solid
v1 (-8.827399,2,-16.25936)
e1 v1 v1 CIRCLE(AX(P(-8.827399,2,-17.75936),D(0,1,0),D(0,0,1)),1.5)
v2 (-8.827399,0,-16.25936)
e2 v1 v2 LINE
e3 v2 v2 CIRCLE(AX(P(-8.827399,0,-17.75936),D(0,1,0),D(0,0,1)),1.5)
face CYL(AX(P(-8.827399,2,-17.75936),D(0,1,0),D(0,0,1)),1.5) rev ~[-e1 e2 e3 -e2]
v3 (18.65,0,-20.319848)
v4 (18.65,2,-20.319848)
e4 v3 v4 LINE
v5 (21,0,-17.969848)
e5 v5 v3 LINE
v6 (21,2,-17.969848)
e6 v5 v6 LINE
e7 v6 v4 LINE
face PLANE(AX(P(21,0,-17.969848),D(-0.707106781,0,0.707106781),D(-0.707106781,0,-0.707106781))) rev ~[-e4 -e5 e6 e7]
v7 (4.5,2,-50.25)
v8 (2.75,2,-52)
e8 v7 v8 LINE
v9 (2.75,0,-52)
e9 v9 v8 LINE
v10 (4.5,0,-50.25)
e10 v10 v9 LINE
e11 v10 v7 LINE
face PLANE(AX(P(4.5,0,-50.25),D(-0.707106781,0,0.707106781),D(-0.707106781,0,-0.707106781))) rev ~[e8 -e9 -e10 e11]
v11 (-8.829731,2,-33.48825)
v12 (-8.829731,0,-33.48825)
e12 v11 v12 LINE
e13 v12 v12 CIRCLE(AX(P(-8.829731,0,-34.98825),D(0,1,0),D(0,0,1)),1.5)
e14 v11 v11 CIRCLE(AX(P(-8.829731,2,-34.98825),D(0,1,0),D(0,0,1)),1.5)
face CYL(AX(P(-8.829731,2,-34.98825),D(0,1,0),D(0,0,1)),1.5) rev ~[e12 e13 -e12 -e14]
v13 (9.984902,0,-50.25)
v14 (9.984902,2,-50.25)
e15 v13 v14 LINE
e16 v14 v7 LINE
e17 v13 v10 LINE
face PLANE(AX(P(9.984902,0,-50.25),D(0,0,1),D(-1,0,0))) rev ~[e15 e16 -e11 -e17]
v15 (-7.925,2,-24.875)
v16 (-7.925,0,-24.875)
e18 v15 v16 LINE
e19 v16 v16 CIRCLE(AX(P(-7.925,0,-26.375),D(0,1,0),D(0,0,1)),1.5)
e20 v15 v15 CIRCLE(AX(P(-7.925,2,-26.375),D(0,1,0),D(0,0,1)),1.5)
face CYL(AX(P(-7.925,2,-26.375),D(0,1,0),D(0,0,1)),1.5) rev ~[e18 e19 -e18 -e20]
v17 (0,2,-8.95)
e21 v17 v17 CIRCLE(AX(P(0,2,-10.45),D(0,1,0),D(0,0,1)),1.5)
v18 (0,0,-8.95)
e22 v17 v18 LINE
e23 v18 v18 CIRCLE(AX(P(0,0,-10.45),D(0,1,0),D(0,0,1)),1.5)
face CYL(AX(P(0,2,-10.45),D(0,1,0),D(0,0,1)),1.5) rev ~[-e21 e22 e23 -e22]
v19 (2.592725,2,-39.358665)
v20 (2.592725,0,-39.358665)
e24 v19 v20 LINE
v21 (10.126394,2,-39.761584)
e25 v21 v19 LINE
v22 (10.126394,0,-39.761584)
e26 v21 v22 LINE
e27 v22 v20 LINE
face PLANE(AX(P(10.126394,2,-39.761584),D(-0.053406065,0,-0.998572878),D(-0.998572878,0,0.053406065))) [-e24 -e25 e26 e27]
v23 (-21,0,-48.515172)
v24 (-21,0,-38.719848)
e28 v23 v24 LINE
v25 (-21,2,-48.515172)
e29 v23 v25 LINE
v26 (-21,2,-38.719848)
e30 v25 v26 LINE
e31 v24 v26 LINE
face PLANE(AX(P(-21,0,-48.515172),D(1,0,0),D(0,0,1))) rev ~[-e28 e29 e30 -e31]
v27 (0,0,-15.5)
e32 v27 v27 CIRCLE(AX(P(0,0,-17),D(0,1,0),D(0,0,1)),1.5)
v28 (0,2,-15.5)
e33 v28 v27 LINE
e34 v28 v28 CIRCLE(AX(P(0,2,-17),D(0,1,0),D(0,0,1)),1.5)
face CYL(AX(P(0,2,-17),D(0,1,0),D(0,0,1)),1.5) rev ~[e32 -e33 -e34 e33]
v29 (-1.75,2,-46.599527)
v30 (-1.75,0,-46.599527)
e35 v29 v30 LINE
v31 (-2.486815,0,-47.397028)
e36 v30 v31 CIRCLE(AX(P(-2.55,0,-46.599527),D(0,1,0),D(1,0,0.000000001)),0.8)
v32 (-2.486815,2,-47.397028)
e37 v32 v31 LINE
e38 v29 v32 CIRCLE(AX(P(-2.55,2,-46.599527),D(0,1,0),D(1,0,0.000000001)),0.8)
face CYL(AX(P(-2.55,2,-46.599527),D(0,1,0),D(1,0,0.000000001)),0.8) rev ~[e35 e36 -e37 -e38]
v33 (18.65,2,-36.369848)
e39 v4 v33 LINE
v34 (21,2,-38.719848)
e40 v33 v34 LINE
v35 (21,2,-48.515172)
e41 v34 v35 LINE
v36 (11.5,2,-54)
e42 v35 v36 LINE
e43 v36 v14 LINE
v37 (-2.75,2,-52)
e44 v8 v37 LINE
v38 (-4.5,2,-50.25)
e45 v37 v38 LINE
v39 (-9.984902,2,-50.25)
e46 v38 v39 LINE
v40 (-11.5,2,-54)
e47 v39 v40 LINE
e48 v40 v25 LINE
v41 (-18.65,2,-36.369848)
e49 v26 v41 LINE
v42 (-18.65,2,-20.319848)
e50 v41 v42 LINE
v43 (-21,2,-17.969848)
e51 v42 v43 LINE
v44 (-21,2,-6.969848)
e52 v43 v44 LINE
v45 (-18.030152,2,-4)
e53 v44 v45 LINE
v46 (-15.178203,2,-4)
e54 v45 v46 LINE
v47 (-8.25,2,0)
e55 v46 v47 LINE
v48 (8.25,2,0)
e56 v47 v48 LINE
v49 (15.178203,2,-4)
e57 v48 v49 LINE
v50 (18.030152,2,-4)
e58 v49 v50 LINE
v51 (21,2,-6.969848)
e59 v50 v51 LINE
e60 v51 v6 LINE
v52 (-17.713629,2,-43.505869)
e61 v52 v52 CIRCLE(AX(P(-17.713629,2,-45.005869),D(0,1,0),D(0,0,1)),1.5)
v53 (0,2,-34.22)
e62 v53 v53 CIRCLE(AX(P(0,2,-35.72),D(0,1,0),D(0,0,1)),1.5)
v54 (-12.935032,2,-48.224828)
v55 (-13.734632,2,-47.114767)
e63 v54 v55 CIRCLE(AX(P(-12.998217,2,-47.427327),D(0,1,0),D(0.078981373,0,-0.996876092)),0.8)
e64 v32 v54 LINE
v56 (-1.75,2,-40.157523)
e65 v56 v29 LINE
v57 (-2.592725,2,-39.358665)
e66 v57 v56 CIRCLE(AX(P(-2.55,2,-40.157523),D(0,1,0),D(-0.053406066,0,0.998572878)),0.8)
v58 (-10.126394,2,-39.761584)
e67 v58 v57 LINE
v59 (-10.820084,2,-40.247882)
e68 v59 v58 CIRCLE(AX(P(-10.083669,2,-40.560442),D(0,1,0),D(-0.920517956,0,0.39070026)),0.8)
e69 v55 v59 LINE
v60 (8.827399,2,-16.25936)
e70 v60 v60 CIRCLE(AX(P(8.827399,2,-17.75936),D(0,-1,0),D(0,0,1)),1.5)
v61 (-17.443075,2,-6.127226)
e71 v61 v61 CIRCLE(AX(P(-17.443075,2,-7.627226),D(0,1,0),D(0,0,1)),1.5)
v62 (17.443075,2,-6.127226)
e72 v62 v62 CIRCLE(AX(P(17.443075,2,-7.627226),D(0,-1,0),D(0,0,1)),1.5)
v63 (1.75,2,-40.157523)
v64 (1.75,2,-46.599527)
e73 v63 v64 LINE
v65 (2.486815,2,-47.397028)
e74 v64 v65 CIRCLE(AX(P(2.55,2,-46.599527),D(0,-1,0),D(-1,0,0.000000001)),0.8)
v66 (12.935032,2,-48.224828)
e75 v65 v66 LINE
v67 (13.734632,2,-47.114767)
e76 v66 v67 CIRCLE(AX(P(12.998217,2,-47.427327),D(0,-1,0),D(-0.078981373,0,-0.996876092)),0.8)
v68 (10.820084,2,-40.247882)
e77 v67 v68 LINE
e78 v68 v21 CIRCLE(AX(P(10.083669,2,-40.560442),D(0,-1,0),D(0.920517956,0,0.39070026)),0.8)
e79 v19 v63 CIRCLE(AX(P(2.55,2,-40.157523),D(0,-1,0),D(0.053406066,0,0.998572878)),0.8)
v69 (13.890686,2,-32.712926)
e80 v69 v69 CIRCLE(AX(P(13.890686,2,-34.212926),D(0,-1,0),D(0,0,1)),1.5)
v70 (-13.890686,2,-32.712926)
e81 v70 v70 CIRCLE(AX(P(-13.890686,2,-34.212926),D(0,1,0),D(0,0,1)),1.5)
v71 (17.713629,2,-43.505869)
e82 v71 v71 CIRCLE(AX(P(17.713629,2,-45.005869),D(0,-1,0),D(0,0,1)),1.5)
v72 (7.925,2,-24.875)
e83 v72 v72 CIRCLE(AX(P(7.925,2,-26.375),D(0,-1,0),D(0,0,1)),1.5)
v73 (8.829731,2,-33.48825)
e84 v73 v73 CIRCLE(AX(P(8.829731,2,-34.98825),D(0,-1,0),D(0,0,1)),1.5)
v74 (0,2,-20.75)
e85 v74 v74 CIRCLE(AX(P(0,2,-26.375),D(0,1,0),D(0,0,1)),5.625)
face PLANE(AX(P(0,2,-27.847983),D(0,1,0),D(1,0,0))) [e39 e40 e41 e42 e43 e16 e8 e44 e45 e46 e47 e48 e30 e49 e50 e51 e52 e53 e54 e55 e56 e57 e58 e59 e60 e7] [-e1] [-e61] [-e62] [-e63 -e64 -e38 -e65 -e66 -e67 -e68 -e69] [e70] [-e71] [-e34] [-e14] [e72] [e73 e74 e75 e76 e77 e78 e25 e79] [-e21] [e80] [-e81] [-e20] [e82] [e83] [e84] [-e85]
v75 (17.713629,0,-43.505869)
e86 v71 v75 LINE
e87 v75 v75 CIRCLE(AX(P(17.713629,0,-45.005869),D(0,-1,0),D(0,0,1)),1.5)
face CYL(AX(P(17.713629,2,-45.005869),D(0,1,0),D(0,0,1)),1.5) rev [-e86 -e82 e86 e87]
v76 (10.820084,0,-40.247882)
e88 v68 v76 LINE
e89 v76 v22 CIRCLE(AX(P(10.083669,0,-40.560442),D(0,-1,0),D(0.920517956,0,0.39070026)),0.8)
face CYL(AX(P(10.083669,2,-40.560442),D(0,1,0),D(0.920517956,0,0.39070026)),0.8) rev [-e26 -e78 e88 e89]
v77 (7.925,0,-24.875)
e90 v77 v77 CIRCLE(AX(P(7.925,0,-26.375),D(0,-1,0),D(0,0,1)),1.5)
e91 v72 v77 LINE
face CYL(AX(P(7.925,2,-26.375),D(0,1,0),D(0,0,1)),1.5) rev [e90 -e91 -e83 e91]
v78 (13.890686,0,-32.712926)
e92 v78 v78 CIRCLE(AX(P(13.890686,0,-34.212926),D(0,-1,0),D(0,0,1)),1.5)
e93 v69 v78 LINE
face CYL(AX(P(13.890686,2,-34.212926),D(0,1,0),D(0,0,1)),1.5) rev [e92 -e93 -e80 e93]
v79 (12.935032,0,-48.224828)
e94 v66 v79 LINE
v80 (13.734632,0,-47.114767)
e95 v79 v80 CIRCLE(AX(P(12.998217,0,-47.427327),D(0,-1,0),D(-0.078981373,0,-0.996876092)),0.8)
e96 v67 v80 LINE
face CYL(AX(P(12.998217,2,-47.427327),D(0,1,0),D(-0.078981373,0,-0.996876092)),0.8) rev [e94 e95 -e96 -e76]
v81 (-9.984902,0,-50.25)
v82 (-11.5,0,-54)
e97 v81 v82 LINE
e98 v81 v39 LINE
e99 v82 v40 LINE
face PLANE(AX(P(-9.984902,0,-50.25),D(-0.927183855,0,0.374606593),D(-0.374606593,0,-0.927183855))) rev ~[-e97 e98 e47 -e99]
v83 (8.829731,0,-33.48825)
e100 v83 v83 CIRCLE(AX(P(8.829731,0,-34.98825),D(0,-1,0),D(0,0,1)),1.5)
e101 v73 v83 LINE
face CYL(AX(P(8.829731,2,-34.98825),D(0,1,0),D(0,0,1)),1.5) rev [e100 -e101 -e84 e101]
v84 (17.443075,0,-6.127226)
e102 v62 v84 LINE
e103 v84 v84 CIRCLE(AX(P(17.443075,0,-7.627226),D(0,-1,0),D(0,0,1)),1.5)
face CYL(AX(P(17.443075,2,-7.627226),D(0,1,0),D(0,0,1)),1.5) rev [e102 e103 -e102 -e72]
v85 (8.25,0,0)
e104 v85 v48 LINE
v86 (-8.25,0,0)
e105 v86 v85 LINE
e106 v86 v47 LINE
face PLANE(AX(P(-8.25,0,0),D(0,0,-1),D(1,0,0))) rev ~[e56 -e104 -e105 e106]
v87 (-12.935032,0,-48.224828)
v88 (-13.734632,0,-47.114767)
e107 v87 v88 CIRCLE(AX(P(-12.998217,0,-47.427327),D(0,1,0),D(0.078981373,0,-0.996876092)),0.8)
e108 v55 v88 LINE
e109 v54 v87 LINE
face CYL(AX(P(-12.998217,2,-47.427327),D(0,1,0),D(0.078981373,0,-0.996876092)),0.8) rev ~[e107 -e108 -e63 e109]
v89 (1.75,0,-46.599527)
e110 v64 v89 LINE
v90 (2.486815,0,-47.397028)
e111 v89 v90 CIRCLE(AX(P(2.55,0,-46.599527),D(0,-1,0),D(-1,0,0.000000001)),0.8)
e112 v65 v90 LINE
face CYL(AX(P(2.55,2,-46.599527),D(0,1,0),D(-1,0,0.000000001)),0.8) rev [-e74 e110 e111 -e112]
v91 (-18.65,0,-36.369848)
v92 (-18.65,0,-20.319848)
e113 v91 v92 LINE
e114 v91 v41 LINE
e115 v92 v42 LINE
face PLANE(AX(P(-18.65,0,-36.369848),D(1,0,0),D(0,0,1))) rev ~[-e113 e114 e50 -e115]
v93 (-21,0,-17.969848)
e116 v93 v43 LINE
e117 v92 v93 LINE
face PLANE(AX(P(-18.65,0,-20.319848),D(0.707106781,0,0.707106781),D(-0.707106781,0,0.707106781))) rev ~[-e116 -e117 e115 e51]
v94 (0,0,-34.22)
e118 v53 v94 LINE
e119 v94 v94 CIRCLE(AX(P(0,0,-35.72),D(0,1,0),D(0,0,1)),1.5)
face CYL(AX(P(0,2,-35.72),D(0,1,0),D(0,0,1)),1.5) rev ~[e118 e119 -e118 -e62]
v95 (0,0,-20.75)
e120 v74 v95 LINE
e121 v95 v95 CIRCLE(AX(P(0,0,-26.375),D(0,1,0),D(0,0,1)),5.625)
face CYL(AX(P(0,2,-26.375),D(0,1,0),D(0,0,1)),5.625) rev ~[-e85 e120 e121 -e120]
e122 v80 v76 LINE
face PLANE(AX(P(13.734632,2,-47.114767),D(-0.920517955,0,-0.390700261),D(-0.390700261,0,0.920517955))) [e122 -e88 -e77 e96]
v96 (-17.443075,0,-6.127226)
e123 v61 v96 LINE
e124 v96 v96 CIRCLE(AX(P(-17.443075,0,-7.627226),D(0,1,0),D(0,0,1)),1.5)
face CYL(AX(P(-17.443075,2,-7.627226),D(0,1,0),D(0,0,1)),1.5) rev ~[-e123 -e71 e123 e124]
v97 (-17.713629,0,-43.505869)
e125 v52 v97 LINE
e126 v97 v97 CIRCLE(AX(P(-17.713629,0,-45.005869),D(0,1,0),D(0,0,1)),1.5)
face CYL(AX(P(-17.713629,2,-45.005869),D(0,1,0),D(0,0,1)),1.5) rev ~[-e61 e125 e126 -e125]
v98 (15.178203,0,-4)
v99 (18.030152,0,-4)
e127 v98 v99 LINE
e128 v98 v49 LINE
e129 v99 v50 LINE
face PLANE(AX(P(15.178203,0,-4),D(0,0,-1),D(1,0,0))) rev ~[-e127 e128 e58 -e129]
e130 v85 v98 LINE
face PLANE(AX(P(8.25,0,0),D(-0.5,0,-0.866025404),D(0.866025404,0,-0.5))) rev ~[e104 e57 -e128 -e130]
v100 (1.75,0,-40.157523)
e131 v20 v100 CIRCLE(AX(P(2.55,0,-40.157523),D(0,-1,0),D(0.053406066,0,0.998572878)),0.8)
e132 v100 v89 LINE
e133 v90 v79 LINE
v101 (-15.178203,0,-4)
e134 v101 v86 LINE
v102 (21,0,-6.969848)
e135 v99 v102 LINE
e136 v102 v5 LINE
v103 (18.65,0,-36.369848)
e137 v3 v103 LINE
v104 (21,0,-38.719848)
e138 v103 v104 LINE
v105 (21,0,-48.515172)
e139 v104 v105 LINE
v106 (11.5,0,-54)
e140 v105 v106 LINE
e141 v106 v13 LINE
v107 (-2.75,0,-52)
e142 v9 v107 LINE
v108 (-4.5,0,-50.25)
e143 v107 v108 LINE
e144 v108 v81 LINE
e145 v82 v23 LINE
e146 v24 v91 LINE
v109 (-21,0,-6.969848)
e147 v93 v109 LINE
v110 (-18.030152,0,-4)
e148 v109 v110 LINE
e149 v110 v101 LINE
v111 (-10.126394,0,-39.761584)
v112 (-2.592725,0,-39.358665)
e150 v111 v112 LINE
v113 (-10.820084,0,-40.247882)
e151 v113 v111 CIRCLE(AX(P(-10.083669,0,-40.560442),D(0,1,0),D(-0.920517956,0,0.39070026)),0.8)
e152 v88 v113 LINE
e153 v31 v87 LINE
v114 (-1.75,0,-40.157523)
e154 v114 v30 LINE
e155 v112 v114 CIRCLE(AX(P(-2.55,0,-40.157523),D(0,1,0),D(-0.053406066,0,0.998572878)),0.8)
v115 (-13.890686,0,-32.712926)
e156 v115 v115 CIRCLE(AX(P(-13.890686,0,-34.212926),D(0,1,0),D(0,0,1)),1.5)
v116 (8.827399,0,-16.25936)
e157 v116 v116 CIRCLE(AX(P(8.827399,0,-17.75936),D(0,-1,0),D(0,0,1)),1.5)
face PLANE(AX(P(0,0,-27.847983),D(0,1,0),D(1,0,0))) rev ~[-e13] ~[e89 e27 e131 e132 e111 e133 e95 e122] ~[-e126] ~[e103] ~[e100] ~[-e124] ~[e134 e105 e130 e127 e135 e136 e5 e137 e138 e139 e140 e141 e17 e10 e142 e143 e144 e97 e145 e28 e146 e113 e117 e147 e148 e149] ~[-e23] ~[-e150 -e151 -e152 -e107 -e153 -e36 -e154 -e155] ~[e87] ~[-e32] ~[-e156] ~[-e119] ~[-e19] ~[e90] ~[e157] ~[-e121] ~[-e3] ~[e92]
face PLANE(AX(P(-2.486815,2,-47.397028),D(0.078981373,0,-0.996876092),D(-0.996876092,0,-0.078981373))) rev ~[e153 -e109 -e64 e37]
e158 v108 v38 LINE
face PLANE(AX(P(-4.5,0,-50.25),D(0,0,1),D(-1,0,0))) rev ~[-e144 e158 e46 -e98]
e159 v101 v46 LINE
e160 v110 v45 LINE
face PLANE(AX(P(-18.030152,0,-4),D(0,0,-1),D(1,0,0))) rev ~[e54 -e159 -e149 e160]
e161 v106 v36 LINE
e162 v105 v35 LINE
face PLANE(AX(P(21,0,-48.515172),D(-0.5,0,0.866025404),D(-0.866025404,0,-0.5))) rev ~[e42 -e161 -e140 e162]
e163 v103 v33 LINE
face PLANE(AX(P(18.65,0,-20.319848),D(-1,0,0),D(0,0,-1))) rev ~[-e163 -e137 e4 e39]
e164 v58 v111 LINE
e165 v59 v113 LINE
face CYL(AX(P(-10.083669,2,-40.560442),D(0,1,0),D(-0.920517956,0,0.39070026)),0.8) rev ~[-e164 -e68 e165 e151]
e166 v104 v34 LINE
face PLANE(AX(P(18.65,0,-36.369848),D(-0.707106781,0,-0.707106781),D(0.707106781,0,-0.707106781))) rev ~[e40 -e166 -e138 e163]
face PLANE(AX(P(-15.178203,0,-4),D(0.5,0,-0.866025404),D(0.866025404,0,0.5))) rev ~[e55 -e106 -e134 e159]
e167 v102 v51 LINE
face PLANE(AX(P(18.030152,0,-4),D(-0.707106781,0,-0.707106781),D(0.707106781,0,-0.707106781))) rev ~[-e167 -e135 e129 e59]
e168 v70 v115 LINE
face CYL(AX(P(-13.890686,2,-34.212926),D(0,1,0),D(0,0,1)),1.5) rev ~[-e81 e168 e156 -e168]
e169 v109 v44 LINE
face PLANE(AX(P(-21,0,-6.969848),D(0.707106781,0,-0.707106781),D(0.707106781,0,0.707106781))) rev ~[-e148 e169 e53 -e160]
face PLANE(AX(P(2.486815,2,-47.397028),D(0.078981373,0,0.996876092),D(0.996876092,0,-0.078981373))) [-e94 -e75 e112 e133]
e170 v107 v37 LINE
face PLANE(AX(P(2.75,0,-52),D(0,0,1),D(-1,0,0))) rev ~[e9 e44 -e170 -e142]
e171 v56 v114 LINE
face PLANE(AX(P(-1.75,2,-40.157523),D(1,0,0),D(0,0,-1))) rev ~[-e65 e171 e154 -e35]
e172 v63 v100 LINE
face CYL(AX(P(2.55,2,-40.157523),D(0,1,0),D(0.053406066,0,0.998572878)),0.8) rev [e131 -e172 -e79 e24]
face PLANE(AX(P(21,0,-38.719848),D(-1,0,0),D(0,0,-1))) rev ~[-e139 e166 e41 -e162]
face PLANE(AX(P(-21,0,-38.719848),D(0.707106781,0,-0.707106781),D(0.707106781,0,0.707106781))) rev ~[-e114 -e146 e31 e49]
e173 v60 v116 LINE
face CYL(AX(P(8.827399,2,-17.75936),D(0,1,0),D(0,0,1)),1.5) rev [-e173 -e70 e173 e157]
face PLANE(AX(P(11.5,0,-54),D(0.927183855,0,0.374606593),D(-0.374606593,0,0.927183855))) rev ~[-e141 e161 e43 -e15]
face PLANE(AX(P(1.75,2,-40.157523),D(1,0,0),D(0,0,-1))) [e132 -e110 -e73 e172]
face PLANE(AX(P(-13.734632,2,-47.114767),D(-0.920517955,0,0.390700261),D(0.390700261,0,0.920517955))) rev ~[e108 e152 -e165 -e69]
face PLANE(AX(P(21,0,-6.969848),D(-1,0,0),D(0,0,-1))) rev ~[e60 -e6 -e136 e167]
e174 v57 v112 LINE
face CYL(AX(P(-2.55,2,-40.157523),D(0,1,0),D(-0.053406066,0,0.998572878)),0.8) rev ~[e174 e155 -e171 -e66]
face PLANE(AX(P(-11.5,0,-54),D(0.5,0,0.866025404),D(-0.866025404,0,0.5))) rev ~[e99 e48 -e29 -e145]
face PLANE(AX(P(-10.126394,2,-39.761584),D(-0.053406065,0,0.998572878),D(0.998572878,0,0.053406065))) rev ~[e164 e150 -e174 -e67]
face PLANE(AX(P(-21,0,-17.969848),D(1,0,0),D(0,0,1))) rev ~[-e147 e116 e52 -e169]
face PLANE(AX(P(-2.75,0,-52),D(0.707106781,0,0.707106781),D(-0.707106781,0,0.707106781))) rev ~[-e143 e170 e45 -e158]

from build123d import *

# Parameters (mm, degrees)
BOSS_EXTRUDE1_DEPTH = 2
SKETCH2_R           = 1.5
SKETCH2_R_2         = 5.625
CUT_EXTRUDE1_DEPTH  = 2
CUT_EXTRUDE2_DEPTH  = 2


with BuildPart() as part:
    # Sketch1 → Boss-Extrude1 (new body)
    with BuildSketch(Plane(origin=(0, 0, 0), x_dir=(1, 0, 0), z_dir=(0, 1, 0))):
        Polygon((2.75, 52), (-2.75, 52), (-4.5, 50.25), (-9.984901653, 50.25), (-11.5, 54), (-21, 48.515172443), (-21, 38.719848481), (-18.65, 36.369848481), (-18.65, 20.319848481), (-21, 17.969848481), (-21, 6.969848481), (-18.030151519, 4), (-15.17820323, 4), (-8.25, 0), (8.25, 0), (15.17820323, 4), (18.030151519, 4), (21, 6.969848481), (21, 17.969848481), (18.65, 20.319848481), (18.65, 36.369848481), (21, 38.719848481), (21, 48.515172443), (11.5, 54), (9.984901653, 50.25), (4.5, 50.25), align=None)
    extrude(amount=BOSS_EXTRUDE1_DEPTH)

    # Sketch2 → Cut-Extrude1 (cut)
    with BuildSketch(Plane(origin=(0, 2, 0), x_dir=(1, 0, 0), z_dir=(0, 1, 0))):
        with Locations(Location((-17.713628621, 45.005868893, 0), (0, 0, 270))):
            Circle(SKETCH2_R)
        with Locations(Location((-17.443074505, 7.627226222, 0), (0, 0, 270))):
            Circle(SKETCH2_R)
        with Locations(Location((0, 10.45, 0), (0, 0, 270))):
            Circle(SKETCH2_R)
        with Locations(Location((0, 17, 0), (0, 0, 270))):
            Circle(SKETCH2_R)
        with Locations(Location((0, 26.375, 0), (0, 0, 270))):
            Circle(SKETCH2_R_2)
        with Locations(Location((-8.82739896, 17.75936, 0), (0, 0, 270))):
            Circle(SKETCH2_R)
        with Locations(Location((-7.925, 26.375, 0), (0, 0, 270))):
            Circle(SKETCH2_R)
        with Locations(Location((-13.890686283, 34.212926204, 0), (0, 0, 270))):
            Circle(SKETCH2_R)
        with Locations(Location((-8.829730603, 34.988250401, 0), (0, 0, 270))):
            Circle(SKETCH2_R)
        with Locations(Location((0, 35.72, 0), (0, 0, 270))):
            Circle(SKETCH2_R)
    cut_extrude1 = extrude(amount=-CUT_EXTRUDE1_DEPTH, mode=Mode.SUBTRACT)

    # Mirror1: Cut-Extrude1 across plane
    add(cut_extrude1.mirror(Plane(origin=(0, 0, 0), x_dir=(0, 0, 1), z_dir=(1, 0, 0))), mode=Mode.SUBTRACT)

    # Sketch3 → Cut-Extrude2 (cut)
    with BuildSketch(Plane(origin=(0, 2, 0), x_dir=(1, 0, 0), z_dir=(0, 1, 0))):
        with BuildLine():
            Line((-2.486814901, 47.397027552), (-12.935032384, 48.224828091))
            ThreePointArc((-12.935032384, 48.224828091), (-13.64734637, 47.894907892), (-13.734631847, 47.114767008))
            Line((-13.734631847, 47.114767008), (-10.820083793, 40.247881869))
            ThreePointArc((-10.820083793, 40.247881869), (-10.542892619, 39.905374095), (-10.126394281, 39.761583775))
            Line((-10.126394281, 39.761583775), (-2.592724852, 39.358665124))
            ThreePointArc((-2.592724852, 39.358665124), (-1.999627345, 39.576928954), (-1.75, 40.157523426))
            Line((-1.75, 40.157523426), (-1.75, 46.599526679))
            ThreePointArc((-1.75, 46.599526679), (-1.962399762, 47.142413371), (-2.486814901, 47.397027552))
        make_face()
        with BuildLine():
            Line((10.126394281, 39.761583775), (2.592724852, 39.358665124))
            ThreePointArc((2.592724852, 39.358665124), (1.999627345, 39.576928954), (1.75, 40.157523426))
            Line((1.75, 40.157523426), (1.75, 46.599526679))
            ThreePointArc((1.75, 46.599526679), (1.962399762, 47.142413371), (2.486814901, 47.397027552))
            Line((2.486814901, 47.397027552), (12.935032384, 48.224828091))
            ThreePointArc((12.935032384, 48.224828091), (13.64734637, 47.894907892), (13.734631847, 47.114767008))
            Line((13.734631847, 47.114767008), (10.820083793, 40.247881869))
            ThreePointArc((10.820083793, 40.247881869), (10.542892619, 39.905374095), (10.126394281, 39.761583775))
        make_face()
    extrude(amount=-CUT_EXTRUDE2_DEPTH, mode=Mode.SUBTRACT)


solid = part.part
